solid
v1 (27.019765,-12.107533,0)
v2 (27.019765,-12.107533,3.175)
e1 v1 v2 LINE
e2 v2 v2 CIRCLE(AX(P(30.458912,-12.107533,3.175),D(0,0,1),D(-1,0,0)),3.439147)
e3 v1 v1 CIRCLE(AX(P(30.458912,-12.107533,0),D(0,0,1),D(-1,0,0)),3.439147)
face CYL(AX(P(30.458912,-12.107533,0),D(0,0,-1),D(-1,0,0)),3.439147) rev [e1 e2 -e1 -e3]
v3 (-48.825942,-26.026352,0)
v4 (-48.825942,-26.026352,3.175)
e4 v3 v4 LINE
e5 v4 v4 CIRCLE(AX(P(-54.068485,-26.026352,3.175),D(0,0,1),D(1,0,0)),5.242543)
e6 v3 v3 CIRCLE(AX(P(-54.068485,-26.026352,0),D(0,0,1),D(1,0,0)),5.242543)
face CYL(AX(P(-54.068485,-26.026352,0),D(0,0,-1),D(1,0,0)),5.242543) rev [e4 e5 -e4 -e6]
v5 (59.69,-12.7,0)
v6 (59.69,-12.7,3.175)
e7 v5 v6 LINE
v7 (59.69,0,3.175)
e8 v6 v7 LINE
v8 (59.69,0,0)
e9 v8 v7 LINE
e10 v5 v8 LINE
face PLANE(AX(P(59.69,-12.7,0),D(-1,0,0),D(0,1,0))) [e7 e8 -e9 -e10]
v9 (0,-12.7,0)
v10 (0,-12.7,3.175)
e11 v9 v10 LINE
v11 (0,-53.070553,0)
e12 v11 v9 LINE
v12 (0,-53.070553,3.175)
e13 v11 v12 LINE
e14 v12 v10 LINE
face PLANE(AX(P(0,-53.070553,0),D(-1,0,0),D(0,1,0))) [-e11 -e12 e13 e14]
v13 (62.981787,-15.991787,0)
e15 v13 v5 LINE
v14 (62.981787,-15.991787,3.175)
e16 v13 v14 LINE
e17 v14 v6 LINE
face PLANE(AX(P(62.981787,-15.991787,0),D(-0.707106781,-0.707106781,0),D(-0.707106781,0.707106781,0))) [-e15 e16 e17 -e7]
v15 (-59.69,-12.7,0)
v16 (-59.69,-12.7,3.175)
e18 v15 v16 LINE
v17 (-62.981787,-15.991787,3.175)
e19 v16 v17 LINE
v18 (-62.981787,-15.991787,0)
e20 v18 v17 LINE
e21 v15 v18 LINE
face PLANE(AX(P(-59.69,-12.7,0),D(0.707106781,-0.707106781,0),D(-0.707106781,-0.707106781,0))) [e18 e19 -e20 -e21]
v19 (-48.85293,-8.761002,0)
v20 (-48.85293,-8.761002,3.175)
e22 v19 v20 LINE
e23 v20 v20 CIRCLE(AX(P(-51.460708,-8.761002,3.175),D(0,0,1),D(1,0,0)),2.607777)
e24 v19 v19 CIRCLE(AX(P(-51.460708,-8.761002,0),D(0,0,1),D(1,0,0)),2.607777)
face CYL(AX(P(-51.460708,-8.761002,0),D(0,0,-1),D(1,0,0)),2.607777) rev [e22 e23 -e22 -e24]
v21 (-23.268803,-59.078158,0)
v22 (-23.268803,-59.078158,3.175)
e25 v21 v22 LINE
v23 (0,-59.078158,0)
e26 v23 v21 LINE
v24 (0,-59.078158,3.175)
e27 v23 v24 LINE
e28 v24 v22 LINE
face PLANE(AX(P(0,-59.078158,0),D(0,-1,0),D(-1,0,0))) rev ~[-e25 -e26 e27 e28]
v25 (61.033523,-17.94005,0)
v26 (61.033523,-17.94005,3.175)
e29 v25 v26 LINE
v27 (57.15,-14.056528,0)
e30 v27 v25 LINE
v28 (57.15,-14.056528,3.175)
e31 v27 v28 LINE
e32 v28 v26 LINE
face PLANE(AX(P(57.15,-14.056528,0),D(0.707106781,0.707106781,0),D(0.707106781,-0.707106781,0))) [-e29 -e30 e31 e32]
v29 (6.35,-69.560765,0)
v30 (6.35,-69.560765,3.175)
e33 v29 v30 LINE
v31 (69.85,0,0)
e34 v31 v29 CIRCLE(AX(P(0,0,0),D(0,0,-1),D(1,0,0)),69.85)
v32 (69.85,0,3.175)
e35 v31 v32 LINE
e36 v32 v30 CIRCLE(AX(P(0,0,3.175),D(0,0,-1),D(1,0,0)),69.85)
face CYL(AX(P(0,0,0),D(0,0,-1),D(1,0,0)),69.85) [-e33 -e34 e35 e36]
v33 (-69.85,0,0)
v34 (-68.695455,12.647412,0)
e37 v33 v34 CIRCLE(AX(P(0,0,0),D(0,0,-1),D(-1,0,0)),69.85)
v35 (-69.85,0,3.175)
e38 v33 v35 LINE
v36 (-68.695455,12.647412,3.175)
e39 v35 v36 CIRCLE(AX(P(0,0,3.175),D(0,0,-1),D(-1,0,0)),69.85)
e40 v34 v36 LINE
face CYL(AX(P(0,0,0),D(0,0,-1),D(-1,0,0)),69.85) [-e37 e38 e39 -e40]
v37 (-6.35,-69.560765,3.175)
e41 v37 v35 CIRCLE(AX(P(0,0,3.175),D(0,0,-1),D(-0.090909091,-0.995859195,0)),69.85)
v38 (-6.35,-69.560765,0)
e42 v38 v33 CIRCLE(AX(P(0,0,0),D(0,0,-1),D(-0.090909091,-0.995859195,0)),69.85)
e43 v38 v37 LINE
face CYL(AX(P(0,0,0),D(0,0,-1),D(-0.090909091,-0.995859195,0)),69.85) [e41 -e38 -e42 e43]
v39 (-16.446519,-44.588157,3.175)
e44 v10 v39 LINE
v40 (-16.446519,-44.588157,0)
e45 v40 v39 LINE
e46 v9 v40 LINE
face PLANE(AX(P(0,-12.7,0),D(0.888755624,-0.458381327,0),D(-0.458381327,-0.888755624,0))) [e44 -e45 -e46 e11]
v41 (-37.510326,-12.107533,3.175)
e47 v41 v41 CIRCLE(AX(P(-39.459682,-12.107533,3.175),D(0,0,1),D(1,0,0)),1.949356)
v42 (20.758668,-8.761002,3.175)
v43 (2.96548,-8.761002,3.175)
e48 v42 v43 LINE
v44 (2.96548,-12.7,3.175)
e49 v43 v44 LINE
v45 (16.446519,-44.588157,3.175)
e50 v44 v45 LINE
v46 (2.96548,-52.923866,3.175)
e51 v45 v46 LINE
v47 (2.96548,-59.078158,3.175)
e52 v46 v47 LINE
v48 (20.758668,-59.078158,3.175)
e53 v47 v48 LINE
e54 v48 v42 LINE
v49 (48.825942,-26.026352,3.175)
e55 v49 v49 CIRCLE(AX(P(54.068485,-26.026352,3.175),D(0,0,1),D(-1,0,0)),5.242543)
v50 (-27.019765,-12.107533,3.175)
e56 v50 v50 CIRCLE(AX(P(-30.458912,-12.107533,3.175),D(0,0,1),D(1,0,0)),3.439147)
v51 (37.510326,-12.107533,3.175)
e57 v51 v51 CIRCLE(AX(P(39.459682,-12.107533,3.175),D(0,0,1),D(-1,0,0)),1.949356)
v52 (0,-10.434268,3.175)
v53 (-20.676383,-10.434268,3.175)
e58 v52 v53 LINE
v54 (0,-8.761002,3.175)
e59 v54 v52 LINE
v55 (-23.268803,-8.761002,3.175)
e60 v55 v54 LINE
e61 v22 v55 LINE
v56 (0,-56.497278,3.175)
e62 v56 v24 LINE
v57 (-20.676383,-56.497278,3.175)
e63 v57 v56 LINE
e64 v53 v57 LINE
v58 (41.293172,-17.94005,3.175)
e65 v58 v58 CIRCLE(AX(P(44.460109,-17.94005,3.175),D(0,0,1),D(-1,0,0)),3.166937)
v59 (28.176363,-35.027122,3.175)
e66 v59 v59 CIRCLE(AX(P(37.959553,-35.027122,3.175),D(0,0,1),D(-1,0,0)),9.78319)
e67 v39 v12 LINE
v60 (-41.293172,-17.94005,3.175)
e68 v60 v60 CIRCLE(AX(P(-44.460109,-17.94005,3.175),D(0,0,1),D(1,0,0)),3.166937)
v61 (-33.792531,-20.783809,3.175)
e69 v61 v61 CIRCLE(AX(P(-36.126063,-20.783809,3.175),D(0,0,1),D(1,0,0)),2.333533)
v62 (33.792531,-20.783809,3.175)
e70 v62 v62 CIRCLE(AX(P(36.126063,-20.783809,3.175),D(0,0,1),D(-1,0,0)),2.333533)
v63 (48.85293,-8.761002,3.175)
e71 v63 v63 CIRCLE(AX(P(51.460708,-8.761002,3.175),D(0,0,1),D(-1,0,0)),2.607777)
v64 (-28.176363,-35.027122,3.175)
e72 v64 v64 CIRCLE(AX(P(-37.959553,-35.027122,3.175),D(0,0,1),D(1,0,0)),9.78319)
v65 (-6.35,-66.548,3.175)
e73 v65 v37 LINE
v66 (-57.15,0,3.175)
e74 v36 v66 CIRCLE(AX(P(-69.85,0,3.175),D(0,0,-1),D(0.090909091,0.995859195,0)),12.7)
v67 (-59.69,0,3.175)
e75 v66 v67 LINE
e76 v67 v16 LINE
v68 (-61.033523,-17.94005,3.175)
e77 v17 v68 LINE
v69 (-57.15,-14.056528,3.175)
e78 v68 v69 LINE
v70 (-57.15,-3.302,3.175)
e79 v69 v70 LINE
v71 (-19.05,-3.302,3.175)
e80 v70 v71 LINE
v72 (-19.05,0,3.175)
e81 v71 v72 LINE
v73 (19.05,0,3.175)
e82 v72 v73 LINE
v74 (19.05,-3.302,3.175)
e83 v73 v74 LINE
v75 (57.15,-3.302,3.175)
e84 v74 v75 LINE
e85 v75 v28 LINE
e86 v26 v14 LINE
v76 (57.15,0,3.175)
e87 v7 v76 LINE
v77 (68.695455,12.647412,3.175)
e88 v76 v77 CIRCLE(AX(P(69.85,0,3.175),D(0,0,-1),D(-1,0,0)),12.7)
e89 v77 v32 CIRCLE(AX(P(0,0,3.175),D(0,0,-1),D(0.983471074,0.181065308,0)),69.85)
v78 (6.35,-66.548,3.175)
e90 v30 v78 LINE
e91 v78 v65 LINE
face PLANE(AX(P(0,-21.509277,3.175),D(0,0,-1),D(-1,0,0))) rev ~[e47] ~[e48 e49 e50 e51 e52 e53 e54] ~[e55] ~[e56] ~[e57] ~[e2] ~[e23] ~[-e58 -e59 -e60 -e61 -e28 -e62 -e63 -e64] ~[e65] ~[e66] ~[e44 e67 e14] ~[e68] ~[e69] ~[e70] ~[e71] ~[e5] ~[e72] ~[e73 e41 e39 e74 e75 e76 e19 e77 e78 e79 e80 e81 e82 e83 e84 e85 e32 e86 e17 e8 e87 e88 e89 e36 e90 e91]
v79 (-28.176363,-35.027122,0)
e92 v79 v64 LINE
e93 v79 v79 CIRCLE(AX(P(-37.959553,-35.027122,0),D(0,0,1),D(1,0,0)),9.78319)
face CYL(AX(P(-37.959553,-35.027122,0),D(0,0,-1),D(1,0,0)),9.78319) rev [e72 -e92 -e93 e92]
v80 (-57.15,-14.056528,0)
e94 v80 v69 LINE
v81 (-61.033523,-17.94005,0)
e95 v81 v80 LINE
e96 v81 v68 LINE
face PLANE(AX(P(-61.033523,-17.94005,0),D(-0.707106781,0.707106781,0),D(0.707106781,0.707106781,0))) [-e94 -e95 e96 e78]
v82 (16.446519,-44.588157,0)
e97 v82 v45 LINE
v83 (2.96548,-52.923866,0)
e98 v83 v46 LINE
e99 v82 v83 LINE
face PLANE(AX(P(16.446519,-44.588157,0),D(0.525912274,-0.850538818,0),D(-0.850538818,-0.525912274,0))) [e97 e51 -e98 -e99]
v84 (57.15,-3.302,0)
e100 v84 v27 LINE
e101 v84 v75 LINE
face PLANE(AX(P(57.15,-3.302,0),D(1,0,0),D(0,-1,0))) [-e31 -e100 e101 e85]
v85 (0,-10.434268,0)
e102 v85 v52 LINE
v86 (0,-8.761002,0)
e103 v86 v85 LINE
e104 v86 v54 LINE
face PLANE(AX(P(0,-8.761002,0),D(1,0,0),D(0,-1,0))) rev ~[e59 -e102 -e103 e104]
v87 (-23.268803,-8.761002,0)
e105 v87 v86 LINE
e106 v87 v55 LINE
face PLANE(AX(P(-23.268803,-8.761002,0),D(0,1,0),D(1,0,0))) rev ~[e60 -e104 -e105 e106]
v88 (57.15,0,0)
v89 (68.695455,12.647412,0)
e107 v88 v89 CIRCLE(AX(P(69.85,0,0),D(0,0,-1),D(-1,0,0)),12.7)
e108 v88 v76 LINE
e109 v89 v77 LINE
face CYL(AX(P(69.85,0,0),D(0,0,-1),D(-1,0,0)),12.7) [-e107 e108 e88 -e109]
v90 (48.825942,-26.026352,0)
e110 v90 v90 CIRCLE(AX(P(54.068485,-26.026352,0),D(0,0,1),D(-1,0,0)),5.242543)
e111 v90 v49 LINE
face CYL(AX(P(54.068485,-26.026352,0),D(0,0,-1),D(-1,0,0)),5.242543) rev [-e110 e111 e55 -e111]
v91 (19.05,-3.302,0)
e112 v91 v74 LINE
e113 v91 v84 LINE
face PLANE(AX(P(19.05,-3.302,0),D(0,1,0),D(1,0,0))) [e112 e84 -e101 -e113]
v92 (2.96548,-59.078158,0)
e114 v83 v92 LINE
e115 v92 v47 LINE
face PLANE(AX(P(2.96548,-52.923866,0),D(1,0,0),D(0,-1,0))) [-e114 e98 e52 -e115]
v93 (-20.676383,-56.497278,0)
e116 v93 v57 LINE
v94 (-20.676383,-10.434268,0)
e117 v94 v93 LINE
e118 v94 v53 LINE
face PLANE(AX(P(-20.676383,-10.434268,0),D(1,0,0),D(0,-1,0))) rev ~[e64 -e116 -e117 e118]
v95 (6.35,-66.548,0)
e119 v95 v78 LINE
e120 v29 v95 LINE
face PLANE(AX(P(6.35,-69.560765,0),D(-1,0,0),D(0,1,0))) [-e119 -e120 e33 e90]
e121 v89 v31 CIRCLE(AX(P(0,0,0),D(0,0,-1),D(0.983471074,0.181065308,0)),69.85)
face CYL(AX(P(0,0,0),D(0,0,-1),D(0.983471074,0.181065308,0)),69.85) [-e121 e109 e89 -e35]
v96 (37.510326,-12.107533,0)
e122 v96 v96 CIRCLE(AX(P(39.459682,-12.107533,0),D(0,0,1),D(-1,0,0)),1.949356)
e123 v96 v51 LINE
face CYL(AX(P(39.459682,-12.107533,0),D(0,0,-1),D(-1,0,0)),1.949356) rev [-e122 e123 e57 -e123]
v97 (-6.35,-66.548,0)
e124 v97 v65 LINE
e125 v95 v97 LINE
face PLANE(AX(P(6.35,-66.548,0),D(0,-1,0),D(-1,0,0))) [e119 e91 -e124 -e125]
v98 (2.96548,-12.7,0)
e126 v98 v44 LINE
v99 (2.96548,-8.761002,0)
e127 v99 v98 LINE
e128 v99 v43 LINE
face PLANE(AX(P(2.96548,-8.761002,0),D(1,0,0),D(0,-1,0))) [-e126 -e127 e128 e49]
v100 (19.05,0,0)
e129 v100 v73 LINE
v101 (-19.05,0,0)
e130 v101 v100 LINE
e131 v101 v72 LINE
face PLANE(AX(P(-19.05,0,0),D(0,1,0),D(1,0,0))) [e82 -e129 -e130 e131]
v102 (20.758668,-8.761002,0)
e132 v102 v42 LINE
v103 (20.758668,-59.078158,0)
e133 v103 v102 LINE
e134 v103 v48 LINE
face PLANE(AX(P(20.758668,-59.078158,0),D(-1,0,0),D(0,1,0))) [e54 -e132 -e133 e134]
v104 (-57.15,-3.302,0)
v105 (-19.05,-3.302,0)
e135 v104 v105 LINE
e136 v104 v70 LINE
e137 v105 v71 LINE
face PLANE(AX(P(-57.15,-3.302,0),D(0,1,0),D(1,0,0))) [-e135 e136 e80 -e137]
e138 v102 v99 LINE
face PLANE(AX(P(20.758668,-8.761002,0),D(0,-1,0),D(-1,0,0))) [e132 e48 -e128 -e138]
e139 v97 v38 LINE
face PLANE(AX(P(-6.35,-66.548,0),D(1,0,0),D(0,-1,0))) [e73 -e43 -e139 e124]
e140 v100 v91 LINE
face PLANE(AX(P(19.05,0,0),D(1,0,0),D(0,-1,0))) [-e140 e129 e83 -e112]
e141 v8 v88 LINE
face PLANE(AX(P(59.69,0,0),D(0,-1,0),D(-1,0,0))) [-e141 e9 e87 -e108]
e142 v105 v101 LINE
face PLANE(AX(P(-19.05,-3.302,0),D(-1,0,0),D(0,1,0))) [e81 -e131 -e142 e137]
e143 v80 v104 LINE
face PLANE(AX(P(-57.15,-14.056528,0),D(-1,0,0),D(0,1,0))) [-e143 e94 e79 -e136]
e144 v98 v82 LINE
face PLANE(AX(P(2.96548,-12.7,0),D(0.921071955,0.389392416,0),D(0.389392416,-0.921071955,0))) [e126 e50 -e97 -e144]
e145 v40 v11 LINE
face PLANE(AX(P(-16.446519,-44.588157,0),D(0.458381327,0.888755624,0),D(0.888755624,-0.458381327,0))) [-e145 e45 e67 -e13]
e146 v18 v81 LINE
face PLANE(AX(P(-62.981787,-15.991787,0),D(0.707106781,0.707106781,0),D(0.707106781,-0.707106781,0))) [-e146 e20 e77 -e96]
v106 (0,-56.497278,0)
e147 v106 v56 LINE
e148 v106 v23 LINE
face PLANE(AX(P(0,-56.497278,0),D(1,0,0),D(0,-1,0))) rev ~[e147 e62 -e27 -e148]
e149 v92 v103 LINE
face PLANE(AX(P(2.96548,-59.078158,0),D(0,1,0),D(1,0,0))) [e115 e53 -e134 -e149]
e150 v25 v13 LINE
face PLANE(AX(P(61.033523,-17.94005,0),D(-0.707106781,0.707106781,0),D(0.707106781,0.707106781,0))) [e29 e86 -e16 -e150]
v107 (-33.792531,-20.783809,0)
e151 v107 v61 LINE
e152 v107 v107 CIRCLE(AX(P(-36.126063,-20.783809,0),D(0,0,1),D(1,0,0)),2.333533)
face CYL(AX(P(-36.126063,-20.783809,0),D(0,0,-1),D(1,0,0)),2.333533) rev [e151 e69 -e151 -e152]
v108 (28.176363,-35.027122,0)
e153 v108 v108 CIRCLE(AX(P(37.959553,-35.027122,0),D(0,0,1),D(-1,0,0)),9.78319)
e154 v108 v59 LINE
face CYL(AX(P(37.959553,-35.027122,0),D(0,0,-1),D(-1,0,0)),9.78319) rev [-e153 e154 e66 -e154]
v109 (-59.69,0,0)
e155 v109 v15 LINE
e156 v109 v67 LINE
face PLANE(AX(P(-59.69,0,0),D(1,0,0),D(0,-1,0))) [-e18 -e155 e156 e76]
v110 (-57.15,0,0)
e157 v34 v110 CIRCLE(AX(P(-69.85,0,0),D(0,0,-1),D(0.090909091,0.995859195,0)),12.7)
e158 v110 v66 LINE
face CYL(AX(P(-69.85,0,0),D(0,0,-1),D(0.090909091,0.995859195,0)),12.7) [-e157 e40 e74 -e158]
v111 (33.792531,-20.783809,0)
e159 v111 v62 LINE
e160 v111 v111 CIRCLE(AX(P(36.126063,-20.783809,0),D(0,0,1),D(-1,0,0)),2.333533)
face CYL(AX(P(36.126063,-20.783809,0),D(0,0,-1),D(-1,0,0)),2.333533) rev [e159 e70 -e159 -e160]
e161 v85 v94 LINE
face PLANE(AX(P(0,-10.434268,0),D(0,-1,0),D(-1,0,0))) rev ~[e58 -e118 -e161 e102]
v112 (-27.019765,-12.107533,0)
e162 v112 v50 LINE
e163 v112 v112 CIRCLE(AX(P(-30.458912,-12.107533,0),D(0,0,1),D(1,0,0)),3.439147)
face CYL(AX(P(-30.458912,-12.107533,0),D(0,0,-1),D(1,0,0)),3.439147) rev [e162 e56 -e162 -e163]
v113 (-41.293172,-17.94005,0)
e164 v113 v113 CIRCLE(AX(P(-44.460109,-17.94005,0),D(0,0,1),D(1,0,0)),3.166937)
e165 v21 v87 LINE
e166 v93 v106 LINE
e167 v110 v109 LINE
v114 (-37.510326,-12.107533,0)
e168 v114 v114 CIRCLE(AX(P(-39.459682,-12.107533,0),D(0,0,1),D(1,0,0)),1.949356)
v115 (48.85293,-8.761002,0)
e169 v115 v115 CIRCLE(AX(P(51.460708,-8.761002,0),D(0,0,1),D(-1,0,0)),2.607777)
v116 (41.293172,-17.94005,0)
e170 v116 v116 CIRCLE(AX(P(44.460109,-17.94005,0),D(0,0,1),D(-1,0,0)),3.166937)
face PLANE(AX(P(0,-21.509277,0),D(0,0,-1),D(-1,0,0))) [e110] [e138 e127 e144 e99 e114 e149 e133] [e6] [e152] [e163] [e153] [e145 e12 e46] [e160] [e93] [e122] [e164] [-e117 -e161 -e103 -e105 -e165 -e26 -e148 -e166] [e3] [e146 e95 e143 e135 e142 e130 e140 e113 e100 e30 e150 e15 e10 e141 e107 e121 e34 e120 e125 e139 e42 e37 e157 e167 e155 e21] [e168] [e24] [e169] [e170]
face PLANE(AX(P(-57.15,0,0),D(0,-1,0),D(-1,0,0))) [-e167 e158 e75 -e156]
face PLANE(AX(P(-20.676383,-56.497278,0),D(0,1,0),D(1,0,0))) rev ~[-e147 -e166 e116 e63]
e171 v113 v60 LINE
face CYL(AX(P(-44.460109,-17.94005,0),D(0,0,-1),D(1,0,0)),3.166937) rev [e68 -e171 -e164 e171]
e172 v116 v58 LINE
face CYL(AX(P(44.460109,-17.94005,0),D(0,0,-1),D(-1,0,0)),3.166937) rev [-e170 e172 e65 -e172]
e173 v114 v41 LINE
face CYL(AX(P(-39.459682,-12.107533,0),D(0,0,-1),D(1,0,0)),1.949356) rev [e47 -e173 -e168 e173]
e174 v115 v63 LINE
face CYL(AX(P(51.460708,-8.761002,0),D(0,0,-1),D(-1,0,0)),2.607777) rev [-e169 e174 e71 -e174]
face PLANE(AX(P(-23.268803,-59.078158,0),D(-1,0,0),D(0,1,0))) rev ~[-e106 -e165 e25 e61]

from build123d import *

# Parameters (mm, degrees)
SKETCH1_R           = 2.60777722
SKETCH1_R_2         = 5.242542832
SKETCH1_R_3         = 3.166937391
SKETCH1_R_4         = 9.783190039
SKETCH1_R_5         = 3.439146742
SKETCH1_R_6         = 2.333532814
SKETCH1_R_7         = 1.949356062
BOSS_EXTRUDE1_DEPTH = 3.175


with BuildPart() as part:
    # Sketch1 → Boss-Extrude1 (new body)
    with BuildSketch(Plane.XY):
        with BuildLine():
            Line((-57.15, 0), (-59.69, 0))
            Line((-59.69, 0), (-59.69, -12.7))
            Line((-59.69, -12.7), (-62.981786531, -15.991786531))
            Line((-62.981786531, -15.991786531), (-61.033522603, -17.940050458))
            Line((-61.033522603, -17.940050458), (-57.15, -14.056527855))
            Line((-57.15, -14.056527855), (-57.15, -3.302))
            Line((-57.15, -3.302), (-19.05, -3.302))
            Line((-19.05, -3.302), (-19.05, 0))
            Line((-19.05, 0), (19.05, 0))
            Line((19.05, 0), (19.05, -3.302))
            Line((19.05, -3.302), (57.15, -3.302))
            Line((57.15, -3.302), (57.15, -14.056527855))
            Line((57.15, -14.056527855), (61.033522603, -17.940050458))
            Line((61.033522603, -17.940050458), (62.981786531, -15.991786531))
            Line((62.981786531, -15.991786531), (59.69, -12.7))
            Line((59.69, -12.7), (59.69, 0))
            Line((59.69, 0), (57.15, 0))
            ThreePointArc((57.15, 0), (60.470428387, 8.562338253), (68.695454545, 12.647411782))
            ThreePointArc((68.695454545, 12.647411782), (69.560764803, 6.35), (69.85, 0))
            ThreePointArc((69.85, 0), (51.587643869, -47.092860393), (6.35, -69.560764803))
            Line((6.35, -69.560764803), (6.35, -66.548))
            Line((6.35, -66.548), (-6.35, -66.548))
            Line((-6.35, -66.548), (-6.35, -69.560764803))
            ThreePointArc((-6.35, -69.560764803), (-51.587643869, -47.092860393), (-69.85, 0))
            ThreePointArc((-69.85, 0), (-69.560764803, 6.35), (-68.695454545, 12.647411782))
            ThreePointArc((-68.695454545, 12.647411782), (-60.470428387, 8.562338253), (-57.15, 0))
        make_face()
        with Locations((-51.460707528, -8.761001901)):
            Circle(SKETCH1_R, mode=Mode.SUBTRACT)
        with Locations((-54.068484748, -26.026352242)):
            Circle(SKETCH1_R_2, mode=Mode.SUBTRACT)
        with Locations((-44.460109085, -17.940050458)):
            Circle(SKETCH1_R_3, mode=Mode.SUBTRACT)
        with Locations((-37.959553388, -35.027121669)):
            Circle(SKETCH1_R_4, mode=Mode.SUBTRACT)
        with Locations((-30.458912199, -12.107533279)):
            Circle(SKETCH1_R_5, mode=Mode.SUBTRACT)
        with Locations((-36.126063319, -20.78380941)):
            Circle(SKETCH1_R_6, mode=Mode.SUBTRACT)
        with Locations((-39.459681626, -12.107533279)):
            Circle(SKETCH1_R_7, mode=Mode.SUBTRACT)
        with Locations(Location((37.959553388, -35.027121669, 0), (0, 0, 180))):
            Circle(SKETCH1_R_4, mode=Mode.SUBTRACT)
        with Locations(Location((36.126063319, -20.78380941, 0), (0, 0, 180))):
            Circle(SKETCH1_R_6, mode=Mode.SUBTRACT)
        with Locations(Location((30.458912199, -12.107533279, 0), (0, 0, 180))):
            Circle(SKETCH1_R_5, mode=Mode.SUBTRACT)
        with Locations(Location((39.459681626, -12.107533279, 0), (0, 0, 180))):
            Circle(SKETCH1_R_7, mode=Mode.SUBTRACT)
        with Locations(Location((44.460109085, -17.940050458, 0), (0, 0, 180))):
            Circle(SKETCH1_R_3, mode=Mode.SUBTRACT)
        with Locations(Location((54.068484748, -26.026352242, 0), (0, 0, 180))):
            Circle(SKETCH1_R_2, mode=Mode.SUBTRACT)
        with Locations(Location((51.460707528, -8.761001901, 0), (0, 0, 180))):
            Circle(SKETCH1_R, mode=Mode.SUBTRACT)
        Polygon((0, -12.7), (-16.44651858, -44.588157329), (0, -53.07055318), align=None, mode=Mode.SUBTRACT)
        Polygon((16.44651858, -44.588157329), (2.965479923, -52.923865877), (2.965479923, -59.078158296), (20.758668378, -59.078158296), (20.758668378, -8.761001901), (2.965479923, -8.761001901), (2.965479923, -12.7), align=None, mode=Mode.SUBTRACT)
        Polygon((0, -59.078158296), (-23.268802527, -59.078158296), (-23.268802527, -12.107533279), (-23.268802527, -8.761001901), (0, -8.761001901), (0, -10.43426759), (-20.676383037, -10.43426759), (-20.676383037, -56.497278023), (0, -56.497278023), align=None, mode=Mode.SUBTRACT)
    extrude(amount=BOSS_EXTRUDE1_DEPTH)


solid = part.part
